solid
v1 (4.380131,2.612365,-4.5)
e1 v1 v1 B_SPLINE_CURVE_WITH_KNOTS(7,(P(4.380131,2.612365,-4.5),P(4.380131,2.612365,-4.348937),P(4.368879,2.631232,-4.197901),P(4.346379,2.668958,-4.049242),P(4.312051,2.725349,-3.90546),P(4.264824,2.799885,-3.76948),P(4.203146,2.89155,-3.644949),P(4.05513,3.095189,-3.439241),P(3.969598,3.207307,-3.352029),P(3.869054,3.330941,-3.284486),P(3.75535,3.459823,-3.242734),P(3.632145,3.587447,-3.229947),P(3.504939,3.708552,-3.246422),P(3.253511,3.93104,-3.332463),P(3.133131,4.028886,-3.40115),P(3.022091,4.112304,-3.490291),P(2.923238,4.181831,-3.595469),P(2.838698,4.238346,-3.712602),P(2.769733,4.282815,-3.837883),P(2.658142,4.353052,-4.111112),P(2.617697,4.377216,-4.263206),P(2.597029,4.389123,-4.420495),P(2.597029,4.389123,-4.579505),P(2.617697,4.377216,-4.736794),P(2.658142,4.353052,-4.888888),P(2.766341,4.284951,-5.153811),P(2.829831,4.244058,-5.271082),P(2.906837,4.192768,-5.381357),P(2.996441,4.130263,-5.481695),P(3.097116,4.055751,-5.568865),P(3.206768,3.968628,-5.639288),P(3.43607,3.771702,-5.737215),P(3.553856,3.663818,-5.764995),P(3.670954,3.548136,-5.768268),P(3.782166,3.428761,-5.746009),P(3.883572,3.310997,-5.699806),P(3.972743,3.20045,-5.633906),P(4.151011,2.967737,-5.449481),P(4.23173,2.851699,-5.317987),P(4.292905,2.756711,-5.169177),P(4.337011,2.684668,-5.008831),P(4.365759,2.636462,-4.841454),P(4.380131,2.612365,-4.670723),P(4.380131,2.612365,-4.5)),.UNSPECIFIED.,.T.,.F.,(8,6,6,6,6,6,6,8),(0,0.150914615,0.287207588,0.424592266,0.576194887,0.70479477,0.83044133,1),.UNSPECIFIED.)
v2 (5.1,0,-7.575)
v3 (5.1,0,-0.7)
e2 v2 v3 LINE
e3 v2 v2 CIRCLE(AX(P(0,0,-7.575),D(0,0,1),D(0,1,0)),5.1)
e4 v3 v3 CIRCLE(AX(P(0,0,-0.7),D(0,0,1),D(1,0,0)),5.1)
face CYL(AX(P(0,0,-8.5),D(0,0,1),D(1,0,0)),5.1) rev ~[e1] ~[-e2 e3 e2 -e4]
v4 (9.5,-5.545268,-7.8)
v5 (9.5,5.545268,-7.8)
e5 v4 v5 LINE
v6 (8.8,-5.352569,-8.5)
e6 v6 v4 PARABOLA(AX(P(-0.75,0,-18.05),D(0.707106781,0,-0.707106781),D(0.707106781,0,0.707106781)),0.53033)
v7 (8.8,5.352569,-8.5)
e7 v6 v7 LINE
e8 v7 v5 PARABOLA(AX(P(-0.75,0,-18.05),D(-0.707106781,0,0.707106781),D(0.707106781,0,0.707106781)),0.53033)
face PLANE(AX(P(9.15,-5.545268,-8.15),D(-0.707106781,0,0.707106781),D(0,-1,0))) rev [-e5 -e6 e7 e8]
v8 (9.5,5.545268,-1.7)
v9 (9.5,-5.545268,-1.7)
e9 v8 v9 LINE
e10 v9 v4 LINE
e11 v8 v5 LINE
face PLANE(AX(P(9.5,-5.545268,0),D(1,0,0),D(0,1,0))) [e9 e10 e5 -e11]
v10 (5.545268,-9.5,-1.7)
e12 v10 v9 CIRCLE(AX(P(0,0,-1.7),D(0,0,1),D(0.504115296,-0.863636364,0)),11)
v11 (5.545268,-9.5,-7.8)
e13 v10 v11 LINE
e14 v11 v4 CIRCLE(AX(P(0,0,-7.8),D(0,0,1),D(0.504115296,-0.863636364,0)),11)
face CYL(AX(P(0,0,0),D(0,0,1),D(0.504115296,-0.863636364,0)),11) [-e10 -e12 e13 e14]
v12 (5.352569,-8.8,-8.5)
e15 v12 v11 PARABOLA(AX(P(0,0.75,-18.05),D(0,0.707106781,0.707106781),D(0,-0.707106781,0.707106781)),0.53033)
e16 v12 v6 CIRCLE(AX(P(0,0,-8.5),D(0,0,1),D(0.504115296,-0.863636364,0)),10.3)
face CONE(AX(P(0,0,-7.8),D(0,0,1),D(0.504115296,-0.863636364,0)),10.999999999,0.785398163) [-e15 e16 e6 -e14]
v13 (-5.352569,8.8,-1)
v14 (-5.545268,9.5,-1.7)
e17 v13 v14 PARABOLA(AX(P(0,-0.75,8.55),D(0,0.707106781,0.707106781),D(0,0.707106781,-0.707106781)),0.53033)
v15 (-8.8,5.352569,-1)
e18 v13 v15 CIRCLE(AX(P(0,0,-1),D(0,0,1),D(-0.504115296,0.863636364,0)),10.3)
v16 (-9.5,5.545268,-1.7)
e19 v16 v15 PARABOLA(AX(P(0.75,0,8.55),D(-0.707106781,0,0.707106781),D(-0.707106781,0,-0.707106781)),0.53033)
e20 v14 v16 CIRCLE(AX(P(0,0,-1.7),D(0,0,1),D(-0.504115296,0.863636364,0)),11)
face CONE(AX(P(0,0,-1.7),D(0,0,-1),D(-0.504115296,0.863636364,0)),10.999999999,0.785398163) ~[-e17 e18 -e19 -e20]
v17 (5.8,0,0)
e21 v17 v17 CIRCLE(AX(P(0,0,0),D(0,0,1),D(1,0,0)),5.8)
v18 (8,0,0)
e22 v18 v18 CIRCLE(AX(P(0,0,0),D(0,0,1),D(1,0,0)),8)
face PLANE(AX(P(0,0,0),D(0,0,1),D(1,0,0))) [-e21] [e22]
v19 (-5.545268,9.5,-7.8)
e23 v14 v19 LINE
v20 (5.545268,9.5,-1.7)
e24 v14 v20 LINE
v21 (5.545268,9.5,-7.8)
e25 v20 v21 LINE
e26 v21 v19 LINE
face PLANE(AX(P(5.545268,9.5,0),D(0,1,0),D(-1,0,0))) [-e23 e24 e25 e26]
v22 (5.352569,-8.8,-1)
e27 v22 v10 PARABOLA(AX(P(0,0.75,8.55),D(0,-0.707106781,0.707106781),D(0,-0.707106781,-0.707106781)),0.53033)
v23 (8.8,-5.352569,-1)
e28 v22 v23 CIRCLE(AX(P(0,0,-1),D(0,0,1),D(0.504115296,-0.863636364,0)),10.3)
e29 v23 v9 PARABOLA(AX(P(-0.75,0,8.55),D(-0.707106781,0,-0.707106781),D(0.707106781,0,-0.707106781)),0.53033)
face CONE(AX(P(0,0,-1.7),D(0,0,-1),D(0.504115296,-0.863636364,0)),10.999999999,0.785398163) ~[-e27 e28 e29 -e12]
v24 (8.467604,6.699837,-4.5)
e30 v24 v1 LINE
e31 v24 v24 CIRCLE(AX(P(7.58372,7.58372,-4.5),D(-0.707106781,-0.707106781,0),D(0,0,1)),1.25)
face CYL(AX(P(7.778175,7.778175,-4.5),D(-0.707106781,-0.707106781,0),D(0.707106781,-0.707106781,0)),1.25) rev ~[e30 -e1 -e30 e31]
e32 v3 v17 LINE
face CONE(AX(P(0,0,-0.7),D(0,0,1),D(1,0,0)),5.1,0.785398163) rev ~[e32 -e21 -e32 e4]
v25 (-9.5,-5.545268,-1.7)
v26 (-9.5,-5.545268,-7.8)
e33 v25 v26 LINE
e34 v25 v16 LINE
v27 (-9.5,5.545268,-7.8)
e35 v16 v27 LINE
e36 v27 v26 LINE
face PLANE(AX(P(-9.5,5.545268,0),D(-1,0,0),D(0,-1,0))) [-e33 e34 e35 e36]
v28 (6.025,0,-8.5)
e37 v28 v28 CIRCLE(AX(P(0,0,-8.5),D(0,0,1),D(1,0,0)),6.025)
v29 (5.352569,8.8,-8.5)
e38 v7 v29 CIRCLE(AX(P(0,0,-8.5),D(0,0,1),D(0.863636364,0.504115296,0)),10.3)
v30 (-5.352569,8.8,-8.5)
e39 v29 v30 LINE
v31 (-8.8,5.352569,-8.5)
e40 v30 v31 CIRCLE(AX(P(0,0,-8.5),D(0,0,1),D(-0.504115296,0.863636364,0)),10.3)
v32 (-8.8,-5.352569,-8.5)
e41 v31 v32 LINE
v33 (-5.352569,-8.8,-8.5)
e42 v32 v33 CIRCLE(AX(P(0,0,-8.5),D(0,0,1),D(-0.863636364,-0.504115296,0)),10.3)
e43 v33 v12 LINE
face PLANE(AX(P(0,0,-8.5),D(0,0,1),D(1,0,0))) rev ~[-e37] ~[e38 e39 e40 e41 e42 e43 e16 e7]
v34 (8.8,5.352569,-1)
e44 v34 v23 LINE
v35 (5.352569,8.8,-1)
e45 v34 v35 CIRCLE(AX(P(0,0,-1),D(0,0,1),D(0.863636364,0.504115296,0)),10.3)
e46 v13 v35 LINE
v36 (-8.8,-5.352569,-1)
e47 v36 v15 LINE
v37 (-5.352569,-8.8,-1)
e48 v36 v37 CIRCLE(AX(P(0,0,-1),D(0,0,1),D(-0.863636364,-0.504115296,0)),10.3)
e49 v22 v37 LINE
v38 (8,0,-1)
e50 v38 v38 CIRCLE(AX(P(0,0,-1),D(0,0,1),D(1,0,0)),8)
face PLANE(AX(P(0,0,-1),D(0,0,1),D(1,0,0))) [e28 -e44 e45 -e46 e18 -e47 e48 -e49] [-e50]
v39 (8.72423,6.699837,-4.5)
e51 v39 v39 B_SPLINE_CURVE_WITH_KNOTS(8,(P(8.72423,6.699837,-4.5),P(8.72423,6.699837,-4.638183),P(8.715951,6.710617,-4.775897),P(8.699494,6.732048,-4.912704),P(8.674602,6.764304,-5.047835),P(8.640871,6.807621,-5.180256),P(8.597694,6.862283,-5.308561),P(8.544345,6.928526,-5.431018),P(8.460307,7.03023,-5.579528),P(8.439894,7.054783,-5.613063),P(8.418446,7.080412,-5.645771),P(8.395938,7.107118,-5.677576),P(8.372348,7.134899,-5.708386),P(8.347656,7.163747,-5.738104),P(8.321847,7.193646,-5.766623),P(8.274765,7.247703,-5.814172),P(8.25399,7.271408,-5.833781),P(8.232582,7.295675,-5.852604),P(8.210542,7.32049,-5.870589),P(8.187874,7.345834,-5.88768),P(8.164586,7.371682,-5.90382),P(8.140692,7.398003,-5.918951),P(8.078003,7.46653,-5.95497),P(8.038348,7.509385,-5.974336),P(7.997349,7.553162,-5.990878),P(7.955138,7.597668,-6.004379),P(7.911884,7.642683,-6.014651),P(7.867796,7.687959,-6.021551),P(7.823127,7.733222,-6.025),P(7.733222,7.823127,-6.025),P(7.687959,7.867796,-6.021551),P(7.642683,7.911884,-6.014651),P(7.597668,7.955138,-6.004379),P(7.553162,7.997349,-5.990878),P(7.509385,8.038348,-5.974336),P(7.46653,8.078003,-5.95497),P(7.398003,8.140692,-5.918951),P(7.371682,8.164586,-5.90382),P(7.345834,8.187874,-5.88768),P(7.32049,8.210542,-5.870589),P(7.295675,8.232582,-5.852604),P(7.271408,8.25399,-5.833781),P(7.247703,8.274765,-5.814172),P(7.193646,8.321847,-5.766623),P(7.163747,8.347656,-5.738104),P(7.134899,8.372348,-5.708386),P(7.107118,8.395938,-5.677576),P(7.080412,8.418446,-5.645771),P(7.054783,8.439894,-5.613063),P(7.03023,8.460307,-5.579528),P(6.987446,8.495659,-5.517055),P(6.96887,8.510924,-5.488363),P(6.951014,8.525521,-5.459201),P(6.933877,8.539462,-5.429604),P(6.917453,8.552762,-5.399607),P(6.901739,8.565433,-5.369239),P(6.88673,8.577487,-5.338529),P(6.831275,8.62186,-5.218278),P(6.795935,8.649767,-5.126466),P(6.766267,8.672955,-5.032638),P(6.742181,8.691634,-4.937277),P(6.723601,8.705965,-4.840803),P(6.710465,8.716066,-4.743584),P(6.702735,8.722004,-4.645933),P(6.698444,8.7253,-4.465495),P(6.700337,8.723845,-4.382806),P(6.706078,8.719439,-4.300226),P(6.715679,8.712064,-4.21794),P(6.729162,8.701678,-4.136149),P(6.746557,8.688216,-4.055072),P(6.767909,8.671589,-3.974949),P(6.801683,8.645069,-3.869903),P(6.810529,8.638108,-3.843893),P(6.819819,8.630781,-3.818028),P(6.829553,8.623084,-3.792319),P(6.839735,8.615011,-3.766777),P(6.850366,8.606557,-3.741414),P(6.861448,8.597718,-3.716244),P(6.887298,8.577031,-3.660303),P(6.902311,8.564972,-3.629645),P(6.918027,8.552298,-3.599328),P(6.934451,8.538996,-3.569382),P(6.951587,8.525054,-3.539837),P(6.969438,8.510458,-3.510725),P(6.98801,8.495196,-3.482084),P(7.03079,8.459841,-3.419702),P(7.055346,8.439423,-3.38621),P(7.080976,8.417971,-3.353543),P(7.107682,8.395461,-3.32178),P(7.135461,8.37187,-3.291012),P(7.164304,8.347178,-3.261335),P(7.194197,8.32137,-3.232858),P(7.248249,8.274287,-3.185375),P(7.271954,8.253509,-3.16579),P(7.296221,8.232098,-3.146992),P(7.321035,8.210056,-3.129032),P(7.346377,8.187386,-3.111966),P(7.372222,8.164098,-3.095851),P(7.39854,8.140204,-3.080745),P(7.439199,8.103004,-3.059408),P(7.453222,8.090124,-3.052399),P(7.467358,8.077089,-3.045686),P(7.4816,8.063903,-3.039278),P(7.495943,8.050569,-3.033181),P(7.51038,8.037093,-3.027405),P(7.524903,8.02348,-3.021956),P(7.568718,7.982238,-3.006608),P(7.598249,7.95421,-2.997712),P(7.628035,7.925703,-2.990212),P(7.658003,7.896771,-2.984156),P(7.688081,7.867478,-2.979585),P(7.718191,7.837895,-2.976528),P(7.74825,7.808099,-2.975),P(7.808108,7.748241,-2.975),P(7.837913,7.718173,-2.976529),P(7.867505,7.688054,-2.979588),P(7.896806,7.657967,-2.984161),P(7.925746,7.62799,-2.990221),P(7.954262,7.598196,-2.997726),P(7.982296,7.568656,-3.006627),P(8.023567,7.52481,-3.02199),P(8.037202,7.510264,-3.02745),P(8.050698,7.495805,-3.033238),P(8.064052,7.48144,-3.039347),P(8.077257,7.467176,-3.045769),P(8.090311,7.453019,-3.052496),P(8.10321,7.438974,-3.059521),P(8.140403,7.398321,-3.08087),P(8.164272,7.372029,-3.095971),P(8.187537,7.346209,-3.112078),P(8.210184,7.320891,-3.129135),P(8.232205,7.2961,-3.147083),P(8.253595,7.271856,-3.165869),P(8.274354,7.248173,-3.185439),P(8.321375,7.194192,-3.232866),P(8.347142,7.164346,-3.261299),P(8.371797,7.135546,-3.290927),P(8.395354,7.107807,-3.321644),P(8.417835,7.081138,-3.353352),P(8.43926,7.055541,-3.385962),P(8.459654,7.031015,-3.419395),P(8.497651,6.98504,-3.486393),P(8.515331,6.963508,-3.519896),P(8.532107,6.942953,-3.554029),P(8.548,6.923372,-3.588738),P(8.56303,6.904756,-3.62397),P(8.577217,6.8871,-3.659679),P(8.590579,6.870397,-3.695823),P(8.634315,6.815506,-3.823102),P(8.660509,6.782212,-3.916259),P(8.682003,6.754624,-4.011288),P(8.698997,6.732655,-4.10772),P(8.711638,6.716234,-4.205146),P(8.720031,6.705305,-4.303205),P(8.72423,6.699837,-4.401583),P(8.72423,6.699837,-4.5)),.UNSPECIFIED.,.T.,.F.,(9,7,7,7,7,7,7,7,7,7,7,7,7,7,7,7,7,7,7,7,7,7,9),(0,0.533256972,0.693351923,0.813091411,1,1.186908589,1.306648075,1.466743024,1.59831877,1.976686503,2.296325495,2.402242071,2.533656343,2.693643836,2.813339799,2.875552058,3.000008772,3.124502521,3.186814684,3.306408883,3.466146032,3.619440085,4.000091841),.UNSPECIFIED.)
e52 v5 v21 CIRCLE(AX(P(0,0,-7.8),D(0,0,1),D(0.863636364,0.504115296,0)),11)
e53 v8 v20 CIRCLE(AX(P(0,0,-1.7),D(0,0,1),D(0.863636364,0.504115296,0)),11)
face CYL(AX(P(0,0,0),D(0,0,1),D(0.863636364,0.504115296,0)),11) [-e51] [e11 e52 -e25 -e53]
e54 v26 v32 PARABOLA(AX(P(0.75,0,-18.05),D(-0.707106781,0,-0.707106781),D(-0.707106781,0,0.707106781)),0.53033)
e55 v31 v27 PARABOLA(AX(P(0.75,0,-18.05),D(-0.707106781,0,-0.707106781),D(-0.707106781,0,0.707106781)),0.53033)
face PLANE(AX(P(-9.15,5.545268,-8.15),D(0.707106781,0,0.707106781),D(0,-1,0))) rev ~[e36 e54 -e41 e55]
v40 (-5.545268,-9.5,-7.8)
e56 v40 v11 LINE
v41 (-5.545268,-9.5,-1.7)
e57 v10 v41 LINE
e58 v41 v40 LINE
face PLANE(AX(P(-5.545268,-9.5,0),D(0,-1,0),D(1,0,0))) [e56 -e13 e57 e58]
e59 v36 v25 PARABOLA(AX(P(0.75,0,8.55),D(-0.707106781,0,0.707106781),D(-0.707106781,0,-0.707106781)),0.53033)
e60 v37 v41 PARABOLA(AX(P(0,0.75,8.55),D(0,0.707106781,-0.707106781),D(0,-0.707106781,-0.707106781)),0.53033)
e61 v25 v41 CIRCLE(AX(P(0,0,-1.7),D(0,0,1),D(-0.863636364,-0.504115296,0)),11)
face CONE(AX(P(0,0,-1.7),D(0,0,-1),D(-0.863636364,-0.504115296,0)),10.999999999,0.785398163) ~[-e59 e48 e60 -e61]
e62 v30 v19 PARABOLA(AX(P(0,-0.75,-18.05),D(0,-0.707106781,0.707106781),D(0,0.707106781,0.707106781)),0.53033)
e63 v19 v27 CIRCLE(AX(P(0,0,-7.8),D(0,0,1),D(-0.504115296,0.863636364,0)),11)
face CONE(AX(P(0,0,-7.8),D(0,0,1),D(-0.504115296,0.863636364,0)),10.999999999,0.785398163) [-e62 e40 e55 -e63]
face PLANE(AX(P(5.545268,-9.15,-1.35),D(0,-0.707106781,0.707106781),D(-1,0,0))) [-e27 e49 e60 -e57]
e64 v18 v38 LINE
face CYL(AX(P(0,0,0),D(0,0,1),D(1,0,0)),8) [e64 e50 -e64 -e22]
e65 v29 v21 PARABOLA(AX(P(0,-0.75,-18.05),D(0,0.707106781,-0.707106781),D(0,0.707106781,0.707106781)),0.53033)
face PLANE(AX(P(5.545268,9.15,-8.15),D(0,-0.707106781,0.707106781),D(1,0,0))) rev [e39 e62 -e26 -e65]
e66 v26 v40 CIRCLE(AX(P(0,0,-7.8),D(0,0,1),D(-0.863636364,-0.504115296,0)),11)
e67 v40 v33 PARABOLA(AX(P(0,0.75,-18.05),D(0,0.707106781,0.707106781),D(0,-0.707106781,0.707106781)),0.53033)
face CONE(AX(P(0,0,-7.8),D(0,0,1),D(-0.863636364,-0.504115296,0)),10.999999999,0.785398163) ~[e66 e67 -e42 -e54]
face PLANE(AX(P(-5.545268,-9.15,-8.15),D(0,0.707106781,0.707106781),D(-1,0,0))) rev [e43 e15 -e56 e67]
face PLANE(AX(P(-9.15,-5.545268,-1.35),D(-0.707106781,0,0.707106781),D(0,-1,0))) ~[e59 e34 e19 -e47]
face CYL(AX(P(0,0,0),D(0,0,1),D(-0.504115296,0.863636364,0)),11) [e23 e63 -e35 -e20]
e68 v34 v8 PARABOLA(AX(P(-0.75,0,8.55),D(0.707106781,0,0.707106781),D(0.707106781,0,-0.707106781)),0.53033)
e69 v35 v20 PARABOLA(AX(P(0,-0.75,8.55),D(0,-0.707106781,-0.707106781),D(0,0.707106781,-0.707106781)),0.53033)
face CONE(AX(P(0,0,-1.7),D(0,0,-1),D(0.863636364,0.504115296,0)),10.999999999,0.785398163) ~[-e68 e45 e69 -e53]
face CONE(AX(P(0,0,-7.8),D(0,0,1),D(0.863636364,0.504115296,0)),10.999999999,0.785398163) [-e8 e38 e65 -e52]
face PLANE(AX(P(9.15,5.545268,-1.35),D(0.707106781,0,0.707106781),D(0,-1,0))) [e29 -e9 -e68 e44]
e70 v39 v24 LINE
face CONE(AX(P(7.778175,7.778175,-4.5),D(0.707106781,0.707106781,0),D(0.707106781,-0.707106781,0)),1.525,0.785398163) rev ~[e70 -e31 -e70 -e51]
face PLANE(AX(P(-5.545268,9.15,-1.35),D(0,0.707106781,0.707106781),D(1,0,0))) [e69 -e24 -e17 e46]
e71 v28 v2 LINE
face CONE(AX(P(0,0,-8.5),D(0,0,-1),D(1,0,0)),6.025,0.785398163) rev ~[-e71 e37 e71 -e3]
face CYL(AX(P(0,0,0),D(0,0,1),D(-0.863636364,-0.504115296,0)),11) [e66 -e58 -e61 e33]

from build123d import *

# Parameters (mm, degrees)
BOSS_EXTRUDE1_DEPTH          = 8.5
SKETCH2_OUTSIDE_W            = 26.636
SKETCH2_OUTSIDE_H            = 26.636
SKETCH2_OUTSIDE_R            = 8
CUT_EXTRUDE1_DEPTH           = 1
CHAMFER2_SIZE                = 0.7
M12_TAPPED_HOLE1_D           = 10.2
M12_TAPPED_HOLE1_DEPTH       = 10
M12_TAPPED_HOLE1_CSINK_D     = 12.05
M12_TAPPED_HOLE1_CSINK_ANGLE = 90
M12_TAPPED_HOLE1_TIP         = 3.064389157
CHAMFER3_SIZE                = 0.7
M3_TAPPED_HOLE5_D            = 2.5
M3_TAPPED_HOLE5_DEPTH        = 7.5
M3_TAPPED_HOLE5_CSINK_D      = 3.05
M3_TAPPED_HOLE5_CSINK_ANGLE  = 90
M3_TAPPED_HOLE5_TIP          = 0.751075774


with BuildPart() as part:
    # Sketch1 → Boss-Extrude1 (new body)
    with BuildSketch(Plane.XY):
        with BuildLine():
            Line((-9.5, 5.545268253), (-9.5, -5.545268253))
            ThreePointArc((-9.5, -5.545268253), (-7.778174593, -7.778174593), (-5.545268253, -9.5))
            Line((-5.545268253, -9.5), (5.545268253, -9.5))
            ThreePointArc((5.545268253, -9.5), (7.778174593, -7.778174593), (9.5, -5.545268253))
            Line((9.5, -5.545268253), (9.5, 5.545268253))
            ThreePointArc((9.5, 5.545268253), (7.778174593, 7.778174593), (5.545268253, 9.5))
            Line((5.545268253, 9.5), (-5.545268253, 9.5))
            ThreePointArc((-5.545268253, 9.5), (-7.778174593, 7.778174593), (-9.5, 5.545268253))
        make_face()
    extrude(amount=-BOSS_EXTRUDE1_DEPTH)

    # Sketch2 outside → Cut-Extrude1 (cut)
    with BuildSketch(Plane.XY):
        Rectangle(SKETCH2_OUTSIDE_W, SKETCH2_OUTSIDE_H)
        Circle(SKETCH2_OUTSIDE_R, mode=Mode.SUBTRACT)
    extrude(amount=-CUT_EXTRUDE1_DEPTH, mode=Mode.SUBTRACT)

    # Chamfer2
    chamfer2_edges = [part.edges().sort_by_distance(p)[0] for p in [
        (-7.778174593, 7.778174593, -8.5),
        (-9.5, 0, -8.5),
        (-7.778174593, -7.778174593, -8.5),
        (0, -9.5, -8.5),
        (7.778174593, -7.778174593, -8.5),
        (9.5, 0, -8.5),
        (0, 9.5, -1),
        (7.778174593, 7.778174593, -1),
        (9.5, 0, -1),
        (7.778174593, -7.778174593, -1),
        (0, -9.5, -1),
        (-7.778174593, -7.778174593, -1),
        (-9.5, 0, -1),
        (-7.778174593, 7.778174593, -1),
        (7.778174593, 7.778174593, -8.5),
        (0, 9.5, -8.5),
    ]]
    chamfer(chamfer2_edges, length=CHAMFER2_SIZE)

    # M12 Tapped Hole1
    with Locations(Plane(origin=(0, 0, -8.5), x_dir=(-1, 0, 0), z_dir=(0, 0, -1))):
        with Locations((0, 0)):
            CounterSinkHole(M12_TAPPED_HOLE1_D / 2, M12_TAPPED_HOLE1_CSINK_D / 2, depth=M12_TAPPED_HOLE1_DEPTH, counter_sink_angle=M12_TAPPED_HOLE1_CSINK_ANGLE)
            with Locations((0, 0, -(M12_TAPPED_HOLE1_DEPTH + M12_TAPPED_HOLE1_TIP / 2))):  # 118° drill point
                Cone(0, M12_TAPPED_HOLE1_D / 2, M12_TAPPED_HOLE1_TIP, mode=Mode.SUBTRACT)

    # Chamfer3
    chamfer3_edges = [part.edges().sort_by_distance(p)[0] for p in [
        (-5.1, 0, 0),
    ]]
    chamfer(chamfer3_edges, length=CHAMFER3_SIZE)

    # M3 Tapped Hole5
    with Locations(Plane(origin=(7.778174593, 7.778174593, -4.5), x_dir=(-0.707106781187, 0.707106781187, 0), z_dir=(0.707106781187, 0.707106781187, 0))):
        with Locations((0, 0)):
            CounterSinkHole(M3_TAPPED_HOLE5_D / 2, M3_TAPPED_HOLE5_CSINK_D / 2, depth=M3_TAPPED_HOLE5_DEPTH, counter_sink_angle=M3_TAPPED_HOLE5_CSINK_ANGLE)
            with Locations((0, 0, -(M3_TAPPED_HOLE5_DEPTH + M3_TAPPED_HOLE5_TIP / 2))):  # 118° drill point
                Cone(0, M3_TAPPED_HOLE5_D / 2, M3_TAPPED_HOLE5_TIP, mode=Mode.SUBTRACT)


solid = part.part
